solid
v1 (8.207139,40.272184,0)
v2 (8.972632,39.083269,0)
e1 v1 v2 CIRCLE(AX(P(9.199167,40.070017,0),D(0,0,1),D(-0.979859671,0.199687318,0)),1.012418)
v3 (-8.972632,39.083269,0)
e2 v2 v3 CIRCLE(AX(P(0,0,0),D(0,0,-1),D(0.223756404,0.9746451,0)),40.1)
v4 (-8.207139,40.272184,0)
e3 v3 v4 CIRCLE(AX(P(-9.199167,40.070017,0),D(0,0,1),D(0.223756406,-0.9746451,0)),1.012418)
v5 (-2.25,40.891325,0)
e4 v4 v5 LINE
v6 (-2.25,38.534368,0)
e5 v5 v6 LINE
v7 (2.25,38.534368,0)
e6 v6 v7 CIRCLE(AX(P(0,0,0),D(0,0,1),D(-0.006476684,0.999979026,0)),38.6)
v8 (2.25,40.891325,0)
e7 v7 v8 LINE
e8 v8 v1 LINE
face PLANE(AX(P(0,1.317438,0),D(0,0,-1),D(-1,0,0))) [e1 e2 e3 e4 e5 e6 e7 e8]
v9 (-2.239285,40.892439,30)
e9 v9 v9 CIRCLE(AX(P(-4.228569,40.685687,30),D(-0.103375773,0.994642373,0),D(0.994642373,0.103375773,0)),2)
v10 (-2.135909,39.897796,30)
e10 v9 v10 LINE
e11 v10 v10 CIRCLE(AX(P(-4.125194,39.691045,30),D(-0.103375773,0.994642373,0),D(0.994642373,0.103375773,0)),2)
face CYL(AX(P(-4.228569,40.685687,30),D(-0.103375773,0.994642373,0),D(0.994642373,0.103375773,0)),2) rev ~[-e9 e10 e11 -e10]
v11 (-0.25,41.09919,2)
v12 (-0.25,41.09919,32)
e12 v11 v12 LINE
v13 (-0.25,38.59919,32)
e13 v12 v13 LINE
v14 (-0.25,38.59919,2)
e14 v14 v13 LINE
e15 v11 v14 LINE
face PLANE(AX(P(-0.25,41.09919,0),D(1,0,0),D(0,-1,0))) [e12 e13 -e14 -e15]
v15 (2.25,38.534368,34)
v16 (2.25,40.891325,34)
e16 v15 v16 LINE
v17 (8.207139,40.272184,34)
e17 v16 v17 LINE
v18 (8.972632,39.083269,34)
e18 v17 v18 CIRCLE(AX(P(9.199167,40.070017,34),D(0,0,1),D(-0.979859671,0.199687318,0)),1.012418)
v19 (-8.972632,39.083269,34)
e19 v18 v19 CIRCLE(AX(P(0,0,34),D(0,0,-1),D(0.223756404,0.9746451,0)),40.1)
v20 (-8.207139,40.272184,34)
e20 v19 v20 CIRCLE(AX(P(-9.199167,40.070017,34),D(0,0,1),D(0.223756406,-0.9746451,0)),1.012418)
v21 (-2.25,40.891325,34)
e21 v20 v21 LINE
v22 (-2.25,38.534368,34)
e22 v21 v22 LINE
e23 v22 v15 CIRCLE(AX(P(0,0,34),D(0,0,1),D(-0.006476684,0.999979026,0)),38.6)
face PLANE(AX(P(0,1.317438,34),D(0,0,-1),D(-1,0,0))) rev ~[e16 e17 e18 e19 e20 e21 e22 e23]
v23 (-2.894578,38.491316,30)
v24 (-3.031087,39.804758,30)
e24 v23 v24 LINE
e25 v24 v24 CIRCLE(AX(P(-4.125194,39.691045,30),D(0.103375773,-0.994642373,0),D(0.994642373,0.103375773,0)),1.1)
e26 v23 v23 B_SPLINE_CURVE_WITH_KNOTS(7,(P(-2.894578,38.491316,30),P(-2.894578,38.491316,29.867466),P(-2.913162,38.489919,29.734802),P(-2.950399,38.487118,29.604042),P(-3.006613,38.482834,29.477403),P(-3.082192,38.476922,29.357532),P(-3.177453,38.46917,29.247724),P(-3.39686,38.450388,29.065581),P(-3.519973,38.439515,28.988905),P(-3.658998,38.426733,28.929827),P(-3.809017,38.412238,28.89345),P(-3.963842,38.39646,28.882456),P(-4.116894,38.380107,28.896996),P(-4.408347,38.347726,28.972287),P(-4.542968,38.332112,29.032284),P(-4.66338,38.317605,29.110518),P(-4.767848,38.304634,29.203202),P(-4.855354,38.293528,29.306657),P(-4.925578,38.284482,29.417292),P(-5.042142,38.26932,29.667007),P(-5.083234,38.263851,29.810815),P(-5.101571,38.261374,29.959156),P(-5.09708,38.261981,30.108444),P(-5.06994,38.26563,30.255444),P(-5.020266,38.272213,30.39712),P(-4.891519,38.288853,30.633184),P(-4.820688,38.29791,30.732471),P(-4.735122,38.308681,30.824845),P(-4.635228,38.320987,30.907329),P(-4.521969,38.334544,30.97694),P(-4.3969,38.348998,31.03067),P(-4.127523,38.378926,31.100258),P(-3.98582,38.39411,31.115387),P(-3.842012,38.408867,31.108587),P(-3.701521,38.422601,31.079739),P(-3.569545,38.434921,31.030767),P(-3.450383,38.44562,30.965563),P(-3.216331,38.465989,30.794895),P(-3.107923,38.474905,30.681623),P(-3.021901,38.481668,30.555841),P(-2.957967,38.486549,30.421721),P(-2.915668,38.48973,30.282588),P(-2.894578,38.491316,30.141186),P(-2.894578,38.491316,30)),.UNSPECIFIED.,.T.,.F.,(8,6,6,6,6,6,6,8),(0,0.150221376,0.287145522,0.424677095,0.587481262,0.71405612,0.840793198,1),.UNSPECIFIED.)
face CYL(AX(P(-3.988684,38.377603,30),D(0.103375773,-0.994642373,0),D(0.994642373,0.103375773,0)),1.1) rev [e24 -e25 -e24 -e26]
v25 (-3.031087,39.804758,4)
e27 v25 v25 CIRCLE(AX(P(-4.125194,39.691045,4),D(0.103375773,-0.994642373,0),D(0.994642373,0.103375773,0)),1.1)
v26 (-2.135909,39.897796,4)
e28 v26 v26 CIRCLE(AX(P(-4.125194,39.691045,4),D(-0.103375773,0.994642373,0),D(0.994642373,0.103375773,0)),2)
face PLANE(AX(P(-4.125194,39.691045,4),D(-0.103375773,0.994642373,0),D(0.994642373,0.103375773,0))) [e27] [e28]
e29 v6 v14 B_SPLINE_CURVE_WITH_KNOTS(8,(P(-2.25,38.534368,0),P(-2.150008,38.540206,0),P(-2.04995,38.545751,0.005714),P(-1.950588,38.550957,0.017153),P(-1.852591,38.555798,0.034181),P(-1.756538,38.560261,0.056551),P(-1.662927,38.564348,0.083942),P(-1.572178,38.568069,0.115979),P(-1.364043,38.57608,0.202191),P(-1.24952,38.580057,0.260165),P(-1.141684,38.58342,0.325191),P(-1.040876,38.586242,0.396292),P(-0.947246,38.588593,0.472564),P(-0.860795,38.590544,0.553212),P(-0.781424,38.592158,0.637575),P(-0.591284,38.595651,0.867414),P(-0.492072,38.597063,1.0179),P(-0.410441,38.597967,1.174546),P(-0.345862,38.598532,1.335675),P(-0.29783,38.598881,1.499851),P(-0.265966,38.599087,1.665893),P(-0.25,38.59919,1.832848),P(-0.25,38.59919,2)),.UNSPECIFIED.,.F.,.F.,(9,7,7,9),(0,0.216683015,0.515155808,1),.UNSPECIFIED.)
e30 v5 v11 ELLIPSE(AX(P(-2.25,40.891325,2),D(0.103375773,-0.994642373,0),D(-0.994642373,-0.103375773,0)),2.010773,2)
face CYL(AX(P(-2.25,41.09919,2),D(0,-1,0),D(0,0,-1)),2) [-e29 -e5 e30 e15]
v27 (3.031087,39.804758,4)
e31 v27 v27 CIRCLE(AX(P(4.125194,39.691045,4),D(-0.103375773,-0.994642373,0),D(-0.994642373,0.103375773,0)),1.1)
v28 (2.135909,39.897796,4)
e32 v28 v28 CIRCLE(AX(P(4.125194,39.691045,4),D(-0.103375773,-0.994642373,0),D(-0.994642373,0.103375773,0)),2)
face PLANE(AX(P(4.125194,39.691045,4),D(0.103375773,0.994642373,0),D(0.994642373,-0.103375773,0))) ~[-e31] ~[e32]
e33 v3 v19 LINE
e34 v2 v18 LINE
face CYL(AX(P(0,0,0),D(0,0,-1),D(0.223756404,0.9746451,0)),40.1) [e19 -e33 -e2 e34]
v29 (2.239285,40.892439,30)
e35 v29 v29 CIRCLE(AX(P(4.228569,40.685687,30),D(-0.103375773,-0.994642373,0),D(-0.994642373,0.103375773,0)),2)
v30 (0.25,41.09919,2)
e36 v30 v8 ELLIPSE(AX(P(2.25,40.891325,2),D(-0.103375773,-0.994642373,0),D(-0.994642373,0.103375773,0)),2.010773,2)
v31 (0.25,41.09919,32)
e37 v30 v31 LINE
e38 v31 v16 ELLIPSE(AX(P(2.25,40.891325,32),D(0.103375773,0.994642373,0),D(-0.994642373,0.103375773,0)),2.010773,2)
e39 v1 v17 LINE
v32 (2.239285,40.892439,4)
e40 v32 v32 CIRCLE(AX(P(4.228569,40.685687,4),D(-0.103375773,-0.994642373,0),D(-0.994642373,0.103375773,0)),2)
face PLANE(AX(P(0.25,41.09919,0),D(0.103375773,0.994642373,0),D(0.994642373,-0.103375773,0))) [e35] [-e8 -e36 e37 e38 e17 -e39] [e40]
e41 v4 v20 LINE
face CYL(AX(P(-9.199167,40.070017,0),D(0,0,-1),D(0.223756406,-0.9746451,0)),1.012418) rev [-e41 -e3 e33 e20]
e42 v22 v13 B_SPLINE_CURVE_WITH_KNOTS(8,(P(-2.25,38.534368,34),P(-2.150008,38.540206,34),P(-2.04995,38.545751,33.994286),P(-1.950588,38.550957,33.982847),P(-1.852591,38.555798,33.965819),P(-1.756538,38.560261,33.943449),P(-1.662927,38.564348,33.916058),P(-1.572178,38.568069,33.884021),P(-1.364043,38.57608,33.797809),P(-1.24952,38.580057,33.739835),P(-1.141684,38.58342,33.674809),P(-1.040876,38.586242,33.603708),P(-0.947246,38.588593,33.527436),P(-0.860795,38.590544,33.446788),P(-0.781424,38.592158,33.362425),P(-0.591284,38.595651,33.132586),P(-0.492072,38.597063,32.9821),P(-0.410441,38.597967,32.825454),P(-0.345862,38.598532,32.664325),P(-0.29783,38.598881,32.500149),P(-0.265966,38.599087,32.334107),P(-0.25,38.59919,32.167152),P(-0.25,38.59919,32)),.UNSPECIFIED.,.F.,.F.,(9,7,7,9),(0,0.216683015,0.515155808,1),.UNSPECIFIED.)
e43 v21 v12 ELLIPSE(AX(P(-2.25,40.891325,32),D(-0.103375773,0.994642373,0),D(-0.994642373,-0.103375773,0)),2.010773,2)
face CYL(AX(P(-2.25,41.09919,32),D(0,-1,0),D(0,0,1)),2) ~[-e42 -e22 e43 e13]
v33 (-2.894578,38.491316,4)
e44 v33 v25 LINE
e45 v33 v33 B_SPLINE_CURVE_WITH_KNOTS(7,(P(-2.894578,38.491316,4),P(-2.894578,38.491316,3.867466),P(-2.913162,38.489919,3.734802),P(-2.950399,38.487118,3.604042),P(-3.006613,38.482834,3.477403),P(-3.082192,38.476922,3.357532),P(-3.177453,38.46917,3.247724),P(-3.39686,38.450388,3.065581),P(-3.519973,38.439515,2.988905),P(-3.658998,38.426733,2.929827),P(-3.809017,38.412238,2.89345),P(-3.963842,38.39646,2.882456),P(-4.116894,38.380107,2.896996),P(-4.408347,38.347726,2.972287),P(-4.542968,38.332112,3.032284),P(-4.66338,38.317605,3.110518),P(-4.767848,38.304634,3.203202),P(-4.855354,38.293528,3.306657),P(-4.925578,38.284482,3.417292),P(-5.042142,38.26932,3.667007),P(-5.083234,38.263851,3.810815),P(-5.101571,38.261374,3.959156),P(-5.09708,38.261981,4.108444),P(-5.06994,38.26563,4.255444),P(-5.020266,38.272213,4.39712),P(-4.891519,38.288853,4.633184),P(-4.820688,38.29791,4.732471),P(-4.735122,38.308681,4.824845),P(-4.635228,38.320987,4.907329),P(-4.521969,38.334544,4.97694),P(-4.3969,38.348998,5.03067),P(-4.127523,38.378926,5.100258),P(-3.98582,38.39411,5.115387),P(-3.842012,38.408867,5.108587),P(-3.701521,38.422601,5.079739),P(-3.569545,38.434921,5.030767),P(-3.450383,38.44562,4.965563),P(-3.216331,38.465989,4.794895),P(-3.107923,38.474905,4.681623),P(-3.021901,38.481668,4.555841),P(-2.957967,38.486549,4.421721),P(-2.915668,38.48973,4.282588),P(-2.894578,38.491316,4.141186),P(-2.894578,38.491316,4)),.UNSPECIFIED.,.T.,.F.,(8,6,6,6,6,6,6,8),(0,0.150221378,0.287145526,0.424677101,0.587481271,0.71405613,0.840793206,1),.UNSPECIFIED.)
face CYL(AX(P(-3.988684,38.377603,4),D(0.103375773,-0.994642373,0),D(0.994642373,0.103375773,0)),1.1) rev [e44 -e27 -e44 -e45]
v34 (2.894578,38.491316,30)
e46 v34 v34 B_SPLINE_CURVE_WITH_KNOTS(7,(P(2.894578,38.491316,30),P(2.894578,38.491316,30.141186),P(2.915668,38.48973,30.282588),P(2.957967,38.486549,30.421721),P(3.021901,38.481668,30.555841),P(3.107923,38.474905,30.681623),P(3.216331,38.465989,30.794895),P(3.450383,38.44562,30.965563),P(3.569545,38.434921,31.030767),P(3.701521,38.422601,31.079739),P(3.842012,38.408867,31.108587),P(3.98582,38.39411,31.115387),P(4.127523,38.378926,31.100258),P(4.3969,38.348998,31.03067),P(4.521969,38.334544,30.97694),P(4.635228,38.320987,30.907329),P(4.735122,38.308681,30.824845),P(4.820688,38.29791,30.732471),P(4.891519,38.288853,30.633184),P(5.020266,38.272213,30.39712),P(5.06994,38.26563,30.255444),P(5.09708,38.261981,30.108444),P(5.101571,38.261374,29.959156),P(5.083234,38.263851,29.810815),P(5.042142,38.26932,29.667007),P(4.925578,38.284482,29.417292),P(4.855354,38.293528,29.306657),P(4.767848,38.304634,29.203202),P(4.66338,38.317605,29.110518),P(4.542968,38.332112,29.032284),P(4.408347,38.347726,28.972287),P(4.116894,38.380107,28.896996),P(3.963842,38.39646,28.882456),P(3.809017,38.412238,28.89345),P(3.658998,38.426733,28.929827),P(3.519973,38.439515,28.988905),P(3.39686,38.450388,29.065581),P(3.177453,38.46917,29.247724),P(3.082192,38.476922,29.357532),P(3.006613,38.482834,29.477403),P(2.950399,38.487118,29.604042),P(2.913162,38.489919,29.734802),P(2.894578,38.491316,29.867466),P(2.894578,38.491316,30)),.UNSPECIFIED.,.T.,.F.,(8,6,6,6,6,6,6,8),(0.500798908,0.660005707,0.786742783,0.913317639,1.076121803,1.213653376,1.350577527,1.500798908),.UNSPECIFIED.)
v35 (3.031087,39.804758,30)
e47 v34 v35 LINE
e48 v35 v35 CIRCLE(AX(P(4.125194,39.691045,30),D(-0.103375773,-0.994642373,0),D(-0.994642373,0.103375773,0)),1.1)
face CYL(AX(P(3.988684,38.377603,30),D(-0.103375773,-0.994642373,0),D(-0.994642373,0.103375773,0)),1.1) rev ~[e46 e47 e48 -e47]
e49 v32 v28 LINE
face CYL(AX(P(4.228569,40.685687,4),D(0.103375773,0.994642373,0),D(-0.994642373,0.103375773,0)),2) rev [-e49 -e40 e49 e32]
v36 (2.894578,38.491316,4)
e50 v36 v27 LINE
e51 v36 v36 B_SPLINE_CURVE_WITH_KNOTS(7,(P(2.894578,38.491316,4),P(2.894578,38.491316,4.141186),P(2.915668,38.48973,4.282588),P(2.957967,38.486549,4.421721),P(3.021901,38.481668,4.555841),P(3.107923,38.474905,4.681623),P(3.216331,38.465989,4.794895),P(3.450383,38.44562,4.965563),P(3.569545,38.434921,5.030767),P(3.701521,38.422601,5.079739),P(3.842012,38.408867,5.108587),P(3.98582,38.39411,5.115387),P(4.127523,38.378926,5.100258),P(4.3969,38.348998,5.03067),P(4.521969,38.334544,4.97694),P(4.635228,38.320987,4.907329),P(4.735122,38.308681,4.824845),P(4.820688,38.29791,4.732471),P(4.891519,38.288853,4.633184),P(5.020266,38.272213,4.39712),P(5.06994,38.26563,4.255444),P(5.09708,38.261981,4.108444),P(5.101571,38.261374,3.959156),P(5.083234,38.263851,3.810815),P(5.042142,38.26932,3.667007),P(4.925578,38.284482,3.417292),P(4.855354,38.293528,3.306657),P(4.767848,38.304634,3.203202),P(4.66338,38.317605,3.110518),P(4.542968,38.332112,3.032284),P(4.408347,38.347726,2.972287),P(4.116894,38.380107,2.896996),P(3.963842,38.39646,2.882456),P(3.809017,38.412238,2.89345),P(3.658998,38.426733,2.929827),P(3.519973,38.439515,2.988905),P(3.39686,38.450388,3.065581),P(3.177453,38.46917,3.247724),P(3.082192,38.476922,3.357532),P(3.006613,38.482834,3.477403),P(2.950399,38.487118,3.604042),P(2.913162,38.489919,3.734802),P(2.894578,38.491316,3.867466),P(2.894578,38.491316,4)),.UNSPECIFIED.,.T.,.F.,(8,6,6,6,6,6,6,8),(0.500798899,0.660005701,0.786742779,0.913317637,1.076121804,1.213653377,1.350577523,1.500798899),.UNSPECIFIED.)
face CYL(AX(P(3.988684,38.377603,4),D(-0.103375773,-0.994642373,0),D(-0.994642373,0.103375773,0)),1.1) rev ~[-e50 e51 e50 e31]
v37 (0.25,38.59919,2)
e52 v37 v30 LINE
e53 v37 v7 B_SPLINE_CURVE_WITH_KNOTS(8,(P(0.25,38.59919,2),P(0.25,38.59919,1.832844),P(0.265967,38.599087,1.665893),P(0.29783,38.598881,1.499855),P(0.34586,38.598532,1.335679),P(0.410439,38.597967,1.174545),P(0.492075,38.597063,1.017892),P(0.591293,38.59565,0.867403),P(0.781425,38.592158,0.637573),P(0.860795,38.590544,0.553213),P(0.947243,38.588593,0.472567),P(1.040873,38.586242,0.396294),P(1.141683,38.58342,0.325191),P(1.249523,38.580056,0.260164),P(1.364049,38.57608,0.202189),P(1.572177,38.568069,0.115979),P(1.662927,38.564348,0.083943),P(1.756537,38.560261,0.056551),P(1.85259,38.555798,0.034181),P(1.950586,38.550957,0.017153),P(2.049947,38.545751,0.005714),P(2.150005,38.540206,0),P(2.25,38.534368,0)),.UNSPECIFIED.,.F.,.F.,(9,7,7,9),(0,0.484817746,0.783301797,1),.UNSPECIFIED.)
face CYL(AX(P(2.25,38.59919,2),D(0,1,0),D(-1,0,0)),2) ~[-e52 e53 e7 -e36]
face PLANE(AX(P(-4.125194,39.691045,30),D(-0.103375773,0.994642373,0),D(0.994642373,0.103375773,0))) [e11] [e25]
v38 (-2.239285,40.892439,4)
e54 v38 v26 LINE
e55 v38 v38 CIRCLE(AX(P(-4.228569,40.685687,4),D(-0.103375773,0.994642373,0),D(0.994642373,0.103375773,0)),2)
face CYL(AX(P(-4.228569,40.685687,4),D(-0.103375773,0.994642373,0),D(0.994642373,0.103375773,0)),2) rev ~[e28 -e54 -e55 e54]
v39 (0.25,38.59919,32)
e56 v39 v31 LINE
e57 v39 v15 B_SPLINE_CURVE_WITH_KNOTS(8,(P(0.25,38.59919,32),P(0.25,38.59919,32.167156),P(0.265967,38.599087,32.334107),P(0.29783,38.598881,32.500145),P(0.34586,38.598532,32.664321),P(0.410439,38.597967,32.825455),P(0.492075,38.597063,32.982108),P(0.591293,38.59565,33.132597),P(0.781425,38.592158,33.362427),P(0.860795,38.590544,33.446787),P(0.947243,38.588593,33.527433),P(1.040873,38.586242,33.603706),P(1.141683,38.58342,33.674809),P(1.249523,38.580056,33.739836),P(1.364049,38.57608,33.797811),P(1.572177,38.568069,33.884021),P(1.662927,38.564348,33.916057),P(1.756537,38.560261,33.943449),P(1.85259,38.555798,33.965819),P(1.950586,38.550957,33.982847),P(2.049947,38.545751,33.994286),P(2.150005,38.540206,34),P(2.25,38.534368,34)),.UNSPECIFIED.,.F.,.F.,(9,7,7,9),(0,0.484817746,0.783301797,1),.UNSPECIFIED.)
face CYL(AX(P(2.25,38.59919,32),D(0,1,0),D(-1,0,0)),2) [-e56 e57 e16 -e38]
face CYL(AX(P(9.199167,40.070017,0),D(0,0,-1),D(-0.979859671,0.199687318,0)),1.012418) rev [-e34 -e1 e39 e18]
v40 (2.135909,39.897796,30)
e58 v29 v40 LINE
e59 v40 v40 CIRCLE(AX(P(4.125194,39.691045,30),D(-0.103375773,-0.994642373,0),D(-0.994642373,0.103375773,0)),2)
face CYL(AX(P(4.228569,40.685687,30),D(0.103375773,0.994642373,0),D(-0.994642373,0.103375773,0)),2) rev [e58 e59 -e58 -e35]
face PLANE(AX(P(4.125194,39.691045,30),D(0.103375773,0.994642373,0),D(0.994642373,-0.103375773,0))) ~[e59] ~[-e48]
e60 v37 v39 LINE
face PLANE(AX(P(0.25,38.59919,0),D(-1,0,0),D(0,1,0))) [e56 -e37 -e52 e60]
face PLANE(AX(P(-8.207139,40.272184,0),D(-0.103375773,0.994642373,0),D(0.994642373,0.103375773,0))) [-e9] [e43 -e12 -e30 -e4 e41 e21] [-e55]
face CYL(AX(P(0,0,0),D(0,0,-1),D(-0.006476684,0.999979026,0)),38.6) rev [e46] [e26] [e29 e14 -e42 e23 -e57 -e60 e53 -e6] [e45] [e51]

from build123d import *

# Parameters (mm, degrees)
BOSS_EXTRUDE1_DEPTH = 34
CUT_EXTRUDE2_START  = -2.320517
SKETCH3_R           = 1.1
CUT_EXTRUDE2_DEPTH  = 2.320517
SKETCH4_R           = 2
CUT_EXTRUDE3_DEPTH  = 1
FILLET1_R           = 2


with BuildPart() as part:
    # Sketch1 → Boss-Extrude1 (new body)
    with BuildSketch(Plane.XY):
        with BuildLine():
            Line((0.25, 38.599190406), (0.25, 41.099190406))
            Line((0.25, 41.099190406), (8.207138981, 40.272184219))
            ThreePointArc((8.207138981, 40.272184219), (8.347930101, 39.521941532), (8.972631806, 39.083268523))
            ThreePointArc((8.972631806, 39.083268523), (0, -40.1), (-8.972631806, 39.083268523))
            ThreePointArc((-8.972631806, 39.083268523), (-8.347930101, 39.521941532), (-8.207138981, 40.272184219))
            Line((-8.207138981, 40.272184219), (-0.25, 41.099190406))
            Line((-0.25, 41.099190406), (-0.25, 38.599190406))
            ThreePointArc((-0.25, 38.599190406), (0, -38.6), (0.25, 38.599190406))
        make_face()
    extrude(amount=BOSS_EXTRUDE1_DEPTH)

    # Sketch3 → Cut-Extrude2 (cut)
    with BuildSketch(Plane(origin=(-4.228569491, 40.685687313, 0), x_dir=(0.994642373, 0.103375773, 0), z_dir=(-0.103375773, 0.994642373, 0)).offset(CUT_EXTRUDE2_START)):
        with Locations((0, -4)):
            Circle(SKETCH3_R)
        with Locations((0, -30)):
            Circle(SKETCH3_R)
    cut_extrude2 = extrude(amount=CUT_EXTRUDE2_DEPTH, mode=Mode.SUBTRACT)

    # Sketch4 → Cut-Extrude3 (cut)
    with BuildSketch(Plane(origin=(-4.228569491, 40.685687313, 0), x_dir=(0.994642373, 0.103375773, 0), z_dir=(-0.103375773, 0.994642373, 0))):
        with Locations((0, -4)):
            Circle(SKETCH4_R)
        with Locations((0, -30)):
            Circle(SKETCH4_R)
    cut_extrude3 = extrude(amount=-CUT_EXTRUDE3_DEPTH, mode=Mode.SUBTRACT)

    # Mirror3: Cut-Extrude2, Cut-Extrude3 across plane
    add(cut_extrude2.mirror(Plane(origin=(0, 0, 0), x_dir=(0, 0, 1), z_dir=(1, 0, 0))), mode=Mode.SUBTRACT)
    add(cut_extrude3.mirror(Plane(origin=(0, 0, 0), x_dir=(0, 0, 1), z_dir=(1, 0, 0))), mode=Mode.SUBTRACT)

    # Fillet1
    fillet1_edges = [part.edges().sort_by_distance(p)[0] for p in [
        (-0.25, 39.849190406, 0),
        (0.25, 39.849190406, 34),
        (0.25, 39.849190406, 0),
        (-0.25, 39.849190406, 34),
    ]]
    fillet(fillet1_edges, radius=FILLET1_R)


solid = part.part
